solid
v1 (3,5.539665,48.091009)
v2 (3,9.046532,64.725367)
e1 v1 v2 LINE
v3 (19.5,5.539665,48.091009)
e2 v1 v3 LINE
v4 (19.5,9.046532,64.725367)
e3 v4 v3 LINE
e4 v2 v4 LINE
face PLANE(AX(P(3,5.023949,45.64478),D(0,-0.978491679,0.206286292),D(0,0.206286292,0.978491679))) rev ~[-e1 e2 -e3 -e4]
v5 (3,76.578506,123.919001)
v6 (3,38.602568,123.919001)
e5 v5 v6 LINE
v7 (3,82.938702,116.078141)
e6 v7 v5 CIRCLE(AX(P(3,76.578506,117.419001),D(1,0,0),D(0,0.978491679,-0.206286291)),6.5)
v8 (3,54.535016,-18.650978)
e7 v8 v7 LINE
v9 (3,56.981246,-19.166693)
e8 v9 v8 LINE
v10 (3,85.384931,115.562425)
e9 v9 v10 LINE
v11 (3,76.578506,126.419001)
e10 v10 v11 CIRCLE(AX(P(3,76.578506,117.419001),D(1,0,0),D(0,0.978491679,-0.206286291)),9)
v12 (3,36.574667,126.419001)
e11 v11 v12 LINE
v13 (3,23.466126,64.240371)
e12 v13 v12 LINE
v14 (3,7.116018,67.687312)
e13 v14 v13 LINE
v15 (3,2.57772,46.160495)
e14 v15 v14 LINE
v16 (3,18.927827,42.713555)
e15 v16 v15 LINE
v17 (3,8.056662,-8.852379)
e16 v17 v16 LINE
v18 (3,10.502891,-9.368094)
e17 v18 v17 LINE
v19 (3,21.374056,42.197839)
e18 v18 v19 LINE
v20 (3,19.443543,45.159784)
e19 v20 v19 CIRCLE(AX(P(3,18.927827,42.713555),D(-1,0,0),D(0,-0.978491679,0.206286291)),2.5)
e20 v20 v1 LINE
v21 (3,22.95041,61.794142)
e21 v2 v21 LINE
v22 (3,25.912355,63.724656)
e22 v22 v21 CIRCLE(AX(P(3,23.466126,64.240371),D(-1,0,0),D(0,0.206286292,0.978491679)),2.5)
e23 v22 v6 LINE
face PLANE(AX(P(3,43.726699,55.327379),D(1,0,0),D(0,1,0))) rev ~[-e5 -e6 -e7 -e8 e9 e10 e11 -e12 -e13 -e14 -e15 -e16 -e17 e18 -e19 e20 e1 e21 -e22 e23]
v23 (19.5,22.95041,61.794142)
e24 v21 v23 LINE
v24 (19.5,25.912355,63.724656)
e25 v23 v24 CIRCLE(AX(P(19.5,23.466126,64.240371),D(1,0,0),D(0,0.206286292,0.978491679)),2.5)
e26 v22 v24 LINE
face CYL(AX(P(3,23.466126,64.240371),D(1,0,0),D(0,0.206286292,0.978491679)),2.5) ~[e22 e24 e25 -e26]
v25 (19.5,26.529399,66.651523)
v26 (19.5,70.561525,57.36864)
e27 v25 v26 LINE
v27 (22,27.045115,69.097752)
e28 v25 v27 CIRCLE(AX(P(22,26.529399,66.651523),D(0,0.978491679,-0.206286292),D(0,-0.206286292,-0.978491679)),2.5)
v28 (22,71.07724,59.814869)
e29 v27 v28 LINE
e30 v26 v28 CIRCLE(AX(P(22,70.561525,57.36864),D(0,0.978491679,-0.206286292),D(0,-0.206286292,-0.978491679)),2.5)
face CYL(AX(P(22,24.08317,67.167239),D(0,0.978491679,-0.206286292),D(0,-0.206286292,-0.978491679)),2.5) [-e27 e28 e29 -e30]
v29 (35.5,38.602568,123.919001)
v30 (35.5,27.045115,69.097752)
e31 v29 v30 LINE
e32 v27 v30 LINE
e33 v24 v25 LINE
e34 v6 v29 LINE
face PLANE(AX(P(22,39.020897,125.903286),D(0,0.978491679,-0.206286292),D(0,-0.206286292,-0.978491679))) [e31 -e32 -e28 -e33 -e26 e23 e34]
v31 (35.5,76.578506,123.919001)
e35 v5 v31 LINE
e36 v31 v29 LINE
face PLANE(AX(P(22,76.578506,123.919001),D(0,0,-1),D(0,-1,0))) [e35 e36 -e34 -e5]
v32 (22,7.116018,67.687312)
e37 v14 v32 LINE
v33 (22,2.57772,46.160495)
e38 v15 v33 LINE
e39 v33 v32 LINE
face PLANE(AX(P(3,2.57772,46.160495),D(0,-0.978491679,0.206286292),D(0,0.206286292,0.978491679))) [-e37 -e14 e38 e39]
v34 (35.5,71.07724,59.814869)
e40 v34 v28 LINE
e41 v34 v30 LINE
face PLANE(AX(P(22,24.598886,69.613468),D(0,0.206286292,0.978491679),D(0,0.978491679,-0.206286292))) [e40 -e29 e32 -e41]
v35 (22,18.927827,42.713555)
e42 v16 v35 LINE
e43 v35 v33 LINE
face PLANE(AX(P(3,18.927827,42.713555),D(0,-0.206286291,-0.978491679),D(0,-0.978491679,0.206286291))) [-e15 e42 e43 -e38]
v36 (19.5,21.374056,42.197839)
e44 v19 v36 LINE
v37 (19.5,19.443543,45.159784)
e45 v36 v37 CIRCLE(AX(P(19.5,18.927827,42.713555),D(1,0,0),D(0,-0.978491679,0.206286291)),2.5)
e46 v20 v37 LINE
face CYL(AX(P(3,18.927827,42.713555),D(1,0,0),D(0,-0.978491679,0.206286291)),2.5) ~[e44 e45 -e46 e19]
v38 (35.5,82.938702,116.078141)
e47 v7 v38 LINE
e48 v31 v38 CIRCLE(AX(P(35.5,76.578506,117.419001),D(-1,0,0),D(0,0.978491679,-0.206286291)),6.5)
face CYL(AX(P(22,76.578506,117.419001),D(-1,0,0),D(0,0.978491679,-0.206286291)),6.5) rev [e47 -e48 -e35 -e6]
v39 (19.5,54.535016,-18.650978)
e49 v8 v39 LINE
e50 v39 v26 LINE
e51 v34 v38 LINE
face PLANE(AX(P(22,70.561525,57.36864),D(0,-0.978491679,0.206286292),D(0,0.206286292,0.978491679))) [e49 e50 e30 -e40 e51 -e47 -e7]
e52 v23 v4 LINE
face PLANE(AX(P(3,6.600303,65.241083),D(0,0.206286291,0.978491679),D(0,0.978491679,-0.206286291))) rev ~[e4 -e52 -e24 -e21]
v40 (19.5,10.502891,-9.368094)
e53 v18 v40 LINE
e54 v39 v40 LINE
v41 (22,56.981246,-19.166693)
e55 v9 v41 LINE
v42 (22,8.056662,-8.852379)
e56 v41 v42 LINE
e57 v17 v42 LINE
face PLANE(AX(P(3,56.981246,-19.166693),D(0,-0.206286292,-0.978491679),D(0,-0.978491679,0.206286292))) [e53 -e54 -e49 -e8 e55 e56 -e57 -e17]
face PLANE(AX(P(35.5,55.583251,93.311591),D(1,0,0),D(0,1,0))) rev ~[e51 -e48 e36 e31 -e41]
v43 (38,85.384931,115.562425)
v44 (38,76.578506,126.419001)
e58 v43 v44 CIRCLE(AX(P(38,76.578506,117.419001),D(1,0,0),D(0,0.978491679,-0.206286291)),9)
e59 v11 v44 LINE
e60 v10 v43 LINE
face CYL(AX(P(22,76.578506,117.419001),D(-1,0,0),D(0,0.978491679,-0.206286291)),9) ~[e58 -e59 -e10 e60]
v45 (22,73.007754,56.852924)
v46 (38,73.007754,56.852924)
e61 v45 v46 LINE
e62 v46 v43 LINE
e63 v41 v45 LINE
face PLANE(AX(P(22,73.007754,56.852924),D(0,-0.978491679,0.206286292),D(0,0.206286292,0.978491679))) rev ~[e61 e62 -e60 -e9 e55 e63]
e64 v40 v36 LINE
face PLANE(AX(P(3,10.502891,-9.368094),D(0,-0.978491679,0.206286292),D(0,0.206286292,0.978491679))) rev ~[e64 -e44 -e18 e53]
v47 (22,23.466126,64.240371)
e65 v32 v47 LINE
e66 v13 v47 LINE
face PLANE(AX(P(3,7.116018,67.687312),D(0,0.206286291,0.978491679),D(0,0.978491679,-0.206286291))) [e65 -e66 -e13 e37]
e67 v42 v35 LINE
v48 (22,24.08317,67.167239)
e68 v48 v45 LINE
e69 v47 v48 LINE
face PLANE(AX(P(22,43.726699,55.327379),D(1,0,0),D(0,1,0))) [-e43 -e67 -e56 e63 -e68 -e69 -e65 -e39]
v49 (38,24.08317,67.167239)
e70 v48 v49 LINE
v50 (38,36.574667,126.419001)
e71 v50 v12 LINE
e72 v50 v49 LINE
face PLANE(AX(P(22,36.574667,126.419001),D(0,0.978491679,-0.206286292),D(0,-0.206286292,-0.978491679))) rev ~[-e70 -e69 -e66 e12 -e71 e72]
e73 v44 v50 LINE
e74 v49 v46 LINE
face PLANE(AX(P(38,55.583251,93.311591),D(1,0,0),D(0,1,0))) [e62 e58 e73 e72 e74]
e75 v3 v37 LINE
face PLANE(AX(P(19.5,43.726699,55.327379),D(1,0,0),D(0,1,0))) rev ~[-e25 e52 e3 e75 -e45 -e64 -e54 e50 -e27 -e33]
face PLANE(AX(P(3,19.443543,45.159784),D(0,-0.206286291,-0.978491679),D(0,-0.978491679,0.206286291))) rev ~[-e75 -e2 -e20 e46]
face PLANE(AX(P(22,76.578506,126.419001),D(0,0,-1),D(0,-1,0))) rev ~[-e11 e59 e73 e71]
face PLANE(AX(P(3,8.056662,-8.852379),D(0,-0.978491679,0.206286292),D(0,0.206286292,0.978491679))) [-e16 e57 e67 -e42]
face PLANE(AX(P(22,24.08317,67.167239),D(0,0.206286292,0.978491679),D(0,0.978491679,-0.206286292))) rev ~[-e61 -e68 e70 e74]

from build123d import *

# Parameters (mm, degrees)
PAD015_DEPTH   = 19
PAD016_DEPTH   = 16
THICKNESS001_T = -2.5


with BuildPart() as part:
    # Sketch039 → Pad015 (new body)
    with BuildSketch(Plane.YZ):
        with BuildLine():
            Line((56.9812455945, -19.1666932293), (85.3849313131, 115.5624248602))
            ThreePointArc((85.3849313131, 115.5624248602), (83.5681124, 123.0886932914), (76.5785062018, 126.4190014838))
            Line((76.5785062018, 126.4190014838), (36.5746674209, 126.4190014838))
            Line((23.4661256961, 64.2403714455), (36.5746674209, 126.4190014838))
            Line((7.1160182593, 67.687312386), (23.4661256961, 64.2403714455))
            Line((2.577719846, 46.1604954473), (7.1160182593, 67.687312386))
            Line((18.9278272829, 42.7135545068), (2.577719846, 46.1604954473))
            Line((8.0566616429, -8.8523786537), (18.9278272829, 42.7135545068))
            Line((56.9812455945, -19.1666932293), (8.0566616429, -8.8523786537))
        make_face()
    extrude(amount=PAD015_DEPTH)

    # Sketch040 (on Face11 of Pad015) → Pad016 (join)
    with BuildSketch(Plane.YZ.offset(19)):
        with BuildLine():
            Line((73.0077538223, 56.8529241183), (85.3849313131, 115.5624248602))
            ThreePointArc((85.3849313131, 115.5624248602), (83.5681124, 123.0886932914), (76.5785062018, 126.4190014838))
            Line((76.5785062018, 126.4190014838), (36.5746674209, 126.4190014838))
            Line((36.5746674209, 126.4190014838), (24.0831698707, 67.1672386939))
            Line((24.0831698707, 67.1672386939), (73.0077538223, 56.8529241183))
        make_face()
    extrude(amount=PAD016_DEPTH)

    # Thickness001
    thickness001_openings = [part.faces().sort_by_distance(p)[0] for p in [
        (0, 45.798185, 55.874797),
        (9.5, 32.518954, -14.009536),
    ]]
    offset(amount=THICKNESS001_T, openings=thickness001_openings)


with BuildPart() as part_1:
    # Body007 placement: moved
    add(part.part.moved(Location((3, 0, 0))))


solid = part_1.part
